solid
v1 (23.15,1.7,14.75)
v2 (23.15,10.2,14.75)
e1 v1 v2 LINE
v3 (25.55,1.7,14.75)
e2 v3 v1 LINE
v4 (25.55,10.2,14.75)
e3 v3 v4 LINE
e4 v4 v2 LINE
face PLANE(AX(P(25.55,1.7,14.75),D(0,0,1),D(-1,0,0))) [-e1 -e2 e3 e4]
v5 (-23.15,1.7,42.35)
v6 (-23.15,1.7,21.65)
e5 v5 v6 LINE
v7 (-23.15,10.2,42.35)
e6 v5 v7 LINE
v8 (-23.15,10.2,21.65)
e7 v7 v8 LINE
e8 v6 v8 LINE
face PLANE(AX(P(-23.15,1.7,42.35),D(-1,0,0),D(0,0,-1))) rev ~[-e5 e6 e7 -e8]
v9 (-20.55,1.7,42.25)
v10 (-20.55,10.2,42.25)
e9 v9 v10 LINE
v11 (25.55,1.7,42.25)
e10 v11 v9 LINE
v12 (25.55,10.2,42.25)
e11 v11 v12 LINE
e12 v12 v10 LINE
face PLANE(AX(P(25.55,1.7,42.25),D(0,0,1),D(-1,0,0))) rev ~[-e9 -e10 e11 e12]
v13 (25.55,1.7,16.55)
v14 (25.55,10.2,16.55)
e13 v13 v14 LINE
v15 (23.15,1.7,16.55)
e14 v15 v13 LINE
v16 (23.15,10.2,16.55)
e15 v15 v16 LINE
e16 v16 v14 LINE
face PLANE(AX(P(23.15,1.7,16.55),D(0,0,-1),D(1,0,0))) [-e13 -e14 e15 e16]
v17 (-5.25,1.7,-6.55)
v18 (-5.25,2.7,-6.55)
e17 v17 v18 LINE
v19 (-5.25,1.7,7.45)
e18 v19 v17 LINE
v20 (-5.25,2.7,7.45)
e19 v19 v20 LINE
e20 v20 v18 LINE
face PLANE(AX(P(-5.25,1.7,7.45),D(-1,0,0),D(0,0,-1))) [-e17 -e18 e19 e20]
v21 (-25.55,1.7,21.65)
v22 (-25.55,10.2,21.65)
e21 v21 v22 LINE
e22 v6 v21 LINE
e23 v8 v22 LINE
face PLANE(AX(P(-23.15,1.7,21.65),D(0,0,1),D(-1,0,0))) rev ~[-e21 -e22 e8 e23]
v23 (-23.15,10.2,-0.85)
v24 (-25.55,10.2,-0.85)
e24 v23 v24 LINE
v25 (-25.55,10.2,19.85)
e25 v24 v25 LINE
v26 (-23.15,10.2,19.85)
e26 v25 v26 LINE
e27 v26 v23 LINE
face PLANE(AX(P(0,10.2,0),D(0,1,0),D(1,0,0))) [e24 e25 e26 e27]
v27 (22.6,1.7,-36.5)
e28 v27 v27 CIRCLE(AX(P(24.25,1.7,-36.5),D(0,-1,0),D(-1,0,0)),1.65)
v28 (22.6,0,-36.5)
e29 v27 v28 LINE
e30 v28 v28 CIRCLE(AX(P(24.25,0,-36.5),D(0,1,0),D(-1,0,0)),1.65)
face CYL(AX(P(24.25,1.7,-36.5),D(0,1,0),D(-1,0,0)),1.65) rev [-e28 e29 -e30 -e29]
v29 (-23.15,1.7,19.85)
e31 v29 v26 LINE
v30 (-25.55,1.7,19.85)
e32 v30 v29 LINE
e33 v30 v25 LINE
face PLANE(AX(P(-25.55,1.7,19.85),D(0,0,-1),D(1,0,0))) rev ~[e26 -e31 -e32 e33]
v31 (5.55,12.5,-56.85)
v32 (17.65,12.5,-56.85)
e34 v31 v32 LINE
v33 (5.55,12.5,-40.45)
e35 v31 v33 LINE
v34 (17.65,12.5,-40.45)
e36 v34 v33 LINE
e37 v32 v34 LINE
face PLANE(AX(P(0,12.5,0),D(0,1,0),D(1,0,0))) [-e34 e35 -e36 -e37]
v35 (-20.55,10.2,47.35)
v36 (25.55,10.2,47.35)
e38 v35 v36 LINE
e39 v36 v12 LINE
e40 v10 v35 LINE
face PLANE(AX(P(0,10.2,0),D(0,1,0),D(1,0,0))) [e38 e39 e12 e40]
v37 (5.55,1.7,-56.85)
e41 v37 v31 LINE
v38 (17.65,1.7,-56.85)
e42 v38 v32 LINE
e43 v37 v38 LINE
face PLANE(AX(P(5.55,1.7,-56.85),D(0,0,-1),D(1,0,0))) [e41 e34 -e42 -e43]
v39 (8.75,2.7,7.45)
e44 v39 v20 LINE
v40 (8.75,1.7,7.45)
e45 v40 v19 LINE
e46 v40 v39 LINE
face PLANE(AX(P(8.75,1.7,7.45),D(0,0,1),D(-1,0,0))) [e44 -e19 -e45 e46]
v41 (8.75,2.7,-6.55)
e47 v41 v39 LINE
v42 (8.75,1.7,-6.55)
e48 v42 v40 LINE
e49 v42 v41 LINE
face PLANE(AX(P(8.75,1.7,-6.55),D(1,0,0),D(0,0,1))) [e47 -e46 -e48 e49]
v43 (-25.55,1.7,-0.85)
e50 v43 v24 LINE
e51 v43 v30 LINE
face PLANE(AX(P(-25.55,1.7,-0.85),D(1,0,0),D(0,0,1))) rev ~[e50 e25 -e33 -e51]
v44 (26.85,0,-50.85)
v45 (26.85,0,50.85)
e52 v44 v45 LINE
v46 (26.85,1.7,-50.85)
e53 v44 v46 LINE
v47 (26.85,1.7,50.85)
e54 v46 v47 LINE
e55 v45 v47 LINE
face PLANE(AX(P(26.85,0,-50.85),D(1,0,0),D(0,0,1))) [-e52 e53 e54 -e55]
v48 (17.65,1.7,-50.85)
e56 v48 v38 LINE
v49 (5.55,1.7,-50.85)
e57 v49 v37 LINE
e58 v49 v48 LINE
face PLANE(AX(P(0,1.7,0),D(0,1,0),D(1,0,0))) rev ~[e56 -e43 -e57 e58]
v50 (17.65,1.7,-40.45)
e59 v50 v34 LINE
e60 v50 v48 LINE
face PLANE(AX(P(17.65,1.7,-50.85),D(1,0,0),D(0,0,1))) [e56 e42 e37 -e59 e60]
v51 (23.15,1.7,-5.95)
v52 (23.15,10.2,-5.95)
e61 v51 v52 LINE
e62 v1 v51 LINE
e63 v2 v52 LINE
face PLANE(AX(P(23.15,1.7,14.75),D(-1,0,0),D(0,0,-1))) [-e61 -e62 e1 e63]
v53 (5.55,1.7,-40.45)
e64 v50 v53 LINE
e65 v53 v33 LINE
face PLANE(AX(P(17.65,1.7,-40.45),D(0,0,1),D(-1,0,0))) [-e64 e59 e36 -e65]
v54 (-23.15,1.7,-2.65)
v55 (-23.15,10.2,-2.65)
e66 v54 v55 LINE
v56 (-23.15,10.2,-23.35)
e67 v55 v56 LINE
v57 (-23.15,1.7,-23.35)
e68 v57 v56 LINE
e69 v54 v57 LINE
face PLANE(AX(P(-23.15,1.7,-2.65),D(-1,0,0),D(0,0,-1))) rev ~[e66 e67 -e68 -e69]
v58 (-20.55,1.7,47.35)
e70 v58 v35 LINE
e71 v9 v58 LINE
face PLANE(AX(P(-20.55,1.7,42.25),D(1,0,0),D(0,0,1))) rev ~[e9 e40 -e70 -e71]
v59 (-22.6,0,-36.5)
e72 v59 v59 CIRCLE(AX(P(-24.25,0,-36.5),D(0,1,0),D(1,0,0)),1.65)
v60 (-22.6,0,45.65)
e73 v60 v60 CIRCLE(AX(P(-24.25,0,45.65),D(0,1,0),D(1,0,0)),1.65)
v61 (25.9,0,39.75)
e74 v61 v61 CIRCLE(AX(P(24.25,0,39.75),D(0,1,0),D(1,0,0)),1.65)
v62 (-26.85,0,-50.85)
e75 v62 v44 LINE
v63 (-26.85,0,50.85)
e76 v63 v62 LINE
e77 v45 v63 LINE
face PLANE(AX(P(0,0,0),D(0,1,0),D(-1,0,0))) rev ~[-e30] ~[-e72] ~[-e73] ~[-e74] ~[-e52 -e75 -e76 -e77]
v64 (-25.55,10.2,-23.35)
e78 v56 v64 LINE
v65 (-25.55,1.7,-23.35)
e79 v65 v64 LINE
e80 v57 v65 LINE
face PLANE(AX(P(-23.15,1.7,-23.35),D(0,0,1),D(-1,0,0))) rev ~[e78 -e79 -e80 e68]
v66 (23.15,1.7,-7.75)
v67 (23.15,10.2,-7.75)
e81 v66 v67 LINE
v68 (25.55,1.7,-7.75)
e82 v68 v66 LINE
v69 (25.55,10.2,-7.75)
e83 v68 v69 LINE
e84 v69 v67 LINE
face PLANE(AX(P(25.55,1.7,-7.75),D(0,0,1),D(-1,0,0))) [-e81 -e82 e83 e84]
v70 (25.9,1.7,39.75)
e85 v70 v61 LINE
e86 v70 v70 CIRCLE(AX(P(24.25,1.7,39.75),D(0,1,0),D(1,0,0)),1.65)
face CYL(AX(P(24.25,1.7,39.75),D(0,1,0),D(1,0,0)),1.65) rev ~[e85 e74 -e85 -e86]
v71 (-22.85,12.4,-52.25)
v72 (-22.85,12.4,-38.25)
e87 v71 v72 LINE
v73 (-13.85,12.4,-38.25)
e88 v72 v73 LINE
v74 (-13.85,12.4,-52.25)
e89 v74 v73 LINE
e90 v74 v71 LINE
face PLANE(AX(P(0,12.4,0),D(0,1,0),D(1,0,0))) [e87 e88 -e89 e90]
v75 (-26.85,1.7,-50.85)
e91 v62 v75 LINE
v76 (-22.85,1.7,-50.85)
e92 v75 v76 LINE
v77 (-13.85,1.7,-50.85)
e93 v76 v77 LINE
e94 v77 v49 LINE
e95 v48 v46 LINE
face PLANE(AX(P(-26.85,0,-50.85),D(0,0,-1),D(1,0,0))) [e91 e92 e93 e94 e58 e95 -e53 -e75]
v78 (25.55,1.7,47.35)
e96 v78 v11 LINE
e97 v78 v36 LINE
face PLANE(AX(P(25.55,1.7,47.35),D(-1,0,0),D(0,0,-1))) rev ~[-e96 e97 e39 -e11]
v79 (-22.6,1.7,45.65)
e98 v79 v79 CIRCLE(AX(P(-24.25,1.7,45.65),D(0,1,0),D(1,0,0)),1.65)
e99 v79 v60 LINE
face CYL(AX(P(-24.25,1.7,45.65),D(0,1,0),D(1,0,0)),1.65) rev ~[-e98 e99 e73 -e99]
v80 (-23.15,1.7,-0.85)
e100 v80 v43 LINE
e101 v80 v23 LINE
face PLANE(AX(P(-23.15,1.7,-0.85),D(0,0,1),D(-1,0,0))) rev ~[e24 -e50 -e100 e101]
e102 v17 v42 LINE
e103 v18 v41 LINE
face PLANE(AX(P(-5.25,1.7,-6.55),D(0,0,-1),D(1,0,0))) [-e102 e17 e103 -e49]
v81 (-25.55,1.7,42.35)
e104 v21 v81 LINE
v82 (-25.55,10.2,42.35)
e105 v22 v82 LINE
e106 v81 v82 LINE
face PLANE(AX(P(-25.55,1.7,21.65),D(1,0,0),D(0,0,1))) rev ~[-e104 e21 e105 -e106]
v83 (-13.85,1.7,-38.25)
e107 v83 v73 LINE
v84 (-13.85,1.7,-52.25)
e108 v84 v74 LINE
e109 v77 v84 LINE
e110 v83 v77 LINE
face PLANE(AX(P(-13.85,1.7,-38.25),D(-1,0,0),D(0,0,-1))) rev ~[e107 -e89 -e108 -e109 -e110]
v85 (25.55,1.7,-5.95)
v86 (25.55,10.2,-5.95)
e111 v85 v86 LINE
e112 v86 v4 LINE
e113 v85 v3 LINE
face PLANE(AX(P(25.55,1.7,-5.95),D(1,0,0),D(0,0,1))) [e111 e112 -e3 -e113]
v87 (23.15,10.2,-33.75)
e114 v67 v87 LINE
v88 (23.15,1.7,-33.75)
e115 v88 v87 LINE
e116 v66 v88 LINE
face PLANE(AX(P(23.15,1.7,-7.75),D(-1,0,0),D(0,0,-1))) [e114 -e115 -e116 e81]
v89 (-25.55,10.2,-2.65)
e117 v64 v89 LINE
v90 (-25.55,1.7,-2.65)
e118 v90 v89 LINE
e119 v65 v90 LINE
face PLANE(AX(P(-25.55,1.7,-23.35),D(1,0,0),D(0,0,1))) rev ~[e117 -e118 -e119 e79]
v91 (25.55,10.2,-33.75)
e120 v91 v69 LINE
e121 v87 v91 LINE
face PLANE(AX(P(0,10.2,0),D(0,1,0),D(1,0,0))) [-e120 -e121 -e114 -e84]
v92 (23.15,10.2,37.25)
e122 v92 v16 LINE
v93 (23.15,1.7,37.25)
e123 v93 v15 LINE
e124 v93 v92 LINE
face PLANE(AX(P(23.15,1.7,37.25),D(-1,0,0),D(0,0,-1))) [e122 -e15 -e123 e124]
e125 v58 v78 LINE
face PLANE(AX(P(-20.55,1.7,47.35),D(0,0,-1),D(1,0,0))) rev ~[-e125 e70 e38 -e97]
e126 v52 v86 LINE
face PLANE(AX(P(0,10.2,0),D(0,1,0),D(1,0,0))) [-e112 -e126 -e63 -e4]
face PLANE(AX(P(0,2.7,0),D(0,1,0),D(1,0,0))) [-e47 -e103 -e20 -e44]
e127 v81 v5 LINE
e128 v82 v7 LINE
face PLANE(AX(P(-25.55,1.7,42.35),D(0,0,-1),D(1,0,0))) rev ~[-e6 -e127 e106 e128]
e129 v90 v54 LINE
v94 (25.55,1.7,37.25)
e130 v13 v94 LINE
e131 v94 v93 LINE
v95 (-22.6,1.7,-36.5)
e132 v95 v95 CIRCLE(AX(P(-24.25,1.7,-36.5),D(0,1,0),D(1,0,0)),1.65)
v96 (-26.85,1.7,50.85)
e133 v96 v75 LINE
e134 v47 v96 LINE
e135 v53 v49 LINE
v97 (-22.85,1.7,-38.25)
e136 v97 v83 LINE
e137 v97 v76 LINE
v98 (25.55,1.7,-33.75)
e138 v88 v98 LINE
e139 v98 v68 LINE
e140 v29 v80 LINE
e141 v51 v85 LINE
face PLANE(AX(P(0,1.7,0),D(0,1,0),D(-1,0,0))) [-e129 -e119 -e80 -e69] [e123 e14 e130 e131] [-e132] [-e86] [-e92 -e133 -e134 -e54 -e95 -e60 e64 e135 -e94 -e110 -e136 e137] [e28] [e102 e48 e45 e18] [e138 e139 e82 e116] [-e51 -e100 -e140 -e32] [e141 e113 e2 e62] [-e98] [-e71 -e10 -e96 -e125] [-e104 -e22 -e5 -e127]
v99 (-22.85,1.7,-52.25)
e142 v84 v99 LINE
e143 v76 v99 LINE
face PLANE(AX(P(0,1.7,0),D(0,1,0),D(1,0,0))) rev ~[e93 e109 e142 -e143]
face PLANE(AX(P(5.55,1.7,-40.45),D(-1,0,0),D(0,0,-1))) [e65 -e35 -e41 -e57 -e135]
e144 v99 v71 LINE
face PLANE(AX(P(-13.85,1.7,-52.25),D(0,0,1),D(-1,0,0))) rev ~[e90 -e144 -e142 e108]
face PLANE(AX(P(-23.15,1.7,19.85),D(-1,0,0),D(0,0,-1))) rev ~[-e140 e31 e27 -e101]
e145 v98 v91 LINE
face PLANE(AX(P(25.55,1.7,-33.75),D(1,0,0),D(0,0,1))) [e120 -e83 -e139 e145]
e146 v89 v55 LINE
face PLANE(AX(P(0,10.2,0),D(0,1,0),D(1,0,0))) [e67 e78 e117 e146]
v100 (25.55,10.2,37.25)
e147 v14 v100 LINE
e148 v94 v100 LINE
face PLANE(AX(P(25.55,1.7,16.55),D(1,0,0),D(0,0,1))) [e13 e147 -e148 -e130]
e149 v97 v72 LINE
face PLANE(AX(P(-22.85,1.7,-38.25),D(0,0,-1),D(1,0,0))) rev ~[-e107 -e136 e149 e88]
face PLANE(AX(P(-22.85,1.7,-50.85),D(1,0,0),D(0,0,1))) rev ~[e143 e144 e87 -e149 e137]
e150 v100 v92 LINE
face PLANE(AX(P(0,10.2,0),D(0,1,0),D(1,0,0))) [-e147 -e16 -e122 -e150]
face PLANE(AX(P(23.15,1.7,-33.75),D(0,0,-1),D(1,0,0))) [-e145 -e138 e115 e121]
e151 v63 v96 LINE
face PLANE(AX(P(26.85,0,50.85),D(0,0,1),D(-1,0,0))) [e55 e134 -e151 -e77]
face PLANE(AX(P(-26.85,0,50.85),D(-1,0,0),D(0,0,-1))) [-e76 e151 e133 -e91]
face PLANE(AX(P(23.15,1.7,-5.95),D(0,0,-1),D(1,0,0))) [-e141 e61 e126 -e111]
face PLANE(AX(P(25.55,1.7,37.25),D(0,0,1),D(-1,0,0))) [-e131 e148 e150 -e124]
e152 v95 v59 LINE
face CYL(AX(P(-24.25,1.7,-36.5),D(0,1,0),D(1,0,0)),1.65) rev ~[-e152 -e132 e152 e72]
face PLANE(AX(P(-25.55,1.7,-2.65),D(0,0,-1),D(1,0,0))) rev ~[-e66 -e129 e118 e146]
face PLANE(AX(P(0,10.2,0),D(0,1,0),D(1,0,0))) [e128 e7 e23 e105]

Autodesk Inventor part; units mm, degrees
ref_plane "YZ Plane" through (0, 0, 0) normal (1, 0, 0) x (0, 1, 0)
ref_plane "XZ Plane" through (0, 0, 0) normal (0, 1, 0) x (-1, 0, 0)
ref_plane "XY Plane" through (0, 0, 0) normal (0, 0, 1) x (1, 0, 0)
sketch "Sketch1" plane through (0, 0, 0) normal (0, 1, 0) x (-1, 0, 0)
  line L0 (-26.85, 50.85) -> (26.85, 50.85)
  line L1 (26.85, 50.85) -> (26.85, -50.85)
  line L2 (26.85, -50.85) -> (-26.85, -50.85)
  line L3 (-26.85, -50.85) -> (-26.85, 50.85)
  line L4 (-26.85, 50.85) -> (26.85, -50.85) construction
  line L5 (26.85, 50.85) -> (-26.85, -50.85) construction
  point P0 (0, 0)
  dimension "d0" = 53.7
  dimension "d1" = 101.7
extrude "Extrusion1" add sketch "Sketch1" along normal blind 1.7
sketch "Sketch2" plane through (0, 1.7, 0) normal (0, 1, 0) x (1, 0, 0)
  line L0 (26.85, 50.85) -> (-26.85, 50.85) projected
  line L1 (-26.85, 50.85) -> (-26.85, -50.85) projected
  line L2 (-22.85, 38.25) -> (-13.85, 38.25)
  line L3 (-13.85, 38.25) -> (-13.85, 52.25)
  line L4 (-13.85, 52.25) -> (-22.85, 52.25)
  line L5 (-22.85, 52.25) -> (-22.85, 38.25)
  point P0 (0, 0)
  dimension "d6" = 9
  dimension "d7" = 14
extrude "Extrusion2" add sketch "Sketch2" along normal blind 10.7
sketch "Sketch3" plane through (0, 1.7, 0) normal (0, 1, 0) x (1, 0, 0)
  line L0 (26.85, 50.85) -> (-26.85, 50.85) projected
  line L1 (17.65, 40.45) -> (5.55, 40.45)
  line L2 (5.55, 40.45) -> (5.55, 56.85)
  line L3 (5.55, 56.85) -> (17.65, 56.85)
  line L4 (17.65, 56.85) -> (17.65, 40.45)
  point P0 (0, 0)
  dimension "d12" = 12.1
  dimension "d13" = 16.4
extrude "Extrusion3" add sketch "Sketch3" along normal blind 10.8
sketch "Sketch4" plane through (0, 1.7, 0) normal (0, 1, 0) x (1, 0, 0)
  line L0 (-26.85, -50.85) -> (26.85, -50.85) projected
  line L1 (-26.85, 50.85) -> (-26.85, -50.85) projected
  line L2 (-20.55, -47.35) -> (25.55, -47.35)
  line L3 (25.55, -47.35) -> (25.55, -42.25)
  line L4 (25.55, -42.25) -> (-20.55, -42.25)
  line L5 (-20.55, -42.25) -> (-20.55, -47.35)
  point P0 (0, 0)
  dimension "d18" = 46.1
  dimension "d19" = 5.1
extrude "Extrusion4" add sketch "Sketch4" along normal blind 8.5
sketch "Sketch5" plane through (0, 1.7, 0) normal (0, 1, 0) x (1, 0, 0)
  line L0 (-26.85, -50.85) -> (26.85, -50.85) projected
  line L1 (-25.55, -42.35) -> (-23.15, -42.35)
  line L2 (-23.15, -42.35) -> (-23.15, -21.65)
  line L3 (-23.15, -21.65) -> (-25.55, -21.65)
  line L4 (-25.55, -21.65) -> (-25.55, -42.35)
  line L5 (-25.55, -19.85) -> (-23.15, -19.85)
  line L6 (-23.15, -19.85) -> (-23.15, 0.85)
  line L7 (-23.15, 0.85) -> (-25.55, 0.85)
  line L8 (-25.55, 0.85) -> (-25.55, -19.85)
  line L9 (-25.55, 2.65) -> (-23.15, 2.65)
  line L10 (-23.15, 2.65) -> (-23.15, 23.35)
  line L11 (-23.15, 23.35) -> (-25.55, 23.35)
  line L12 (-25.55, 23.35) -> (-25.55, 2.65)
  line L13 (25.55, -37.25) -> (23.15, -37.25)
  line L14 (23.15, -37.25) -> (23.15, -16.55)
  line L15 (23.15, -16.55) -> (25.55, -16.55)
  line L16 (25.55, -16.55) -> (25.55, -37.25)
  line L17 (25.55, -14.75) -> (23.15, -14.75)
  line L18 (23.15, -14.75) -> (23.15, 5.95)
  line L19 (23.15, 5.95) -> (25.55, 5.95)
  line L20 (25.55, 5.95) -> (25.55, -14.75)
  line L21 (25.55, 7.75) -> (23.15, 7.75)
  line L22 (23.15, 7.75) -> (23.15, 33.75)
  line L23 (23.15, 33.75) -> (25.55, 33.75)
  line L24 (25.55, 33.75) -> (25.55, 7.75)
  point P0 (0, 0)
  dimension "d24" = 2.4
  dimension "d25" = 20.7
  dimension "d26" = 1.8
  dimension "d27" = 20.7
  dimension "d28" = 1.8
  dimension "d29" = 20.7
  dimension "d32" = 2.4
  dimension "d33" = 20.7
  dimension "d34" = 1.8
  dimension "d35" = 20.7
  dimension "d36" = 1.8
  dimension "d37" = 26
extrude "Extrusion5" add sketch "Sketch5" along normal blind 8.5
sketch "Sketch6" plane through (0, 1.7, 0) normal (0, 1, 0) x (1, 0, 0)
  line L0 (-22.85, 50.85) -> (-26.85, 50.85) projected
  line L1 (-26.85, 50.85) -> (-26.85, -50.85) projected
  line L2 (-5.25, 6.55) -> (8.75, 6.55)
  line L3 (8.75, 6.55) -> (8.75, -7.45)
  line L4 (8.75, -7.45) -> (-5.25, -7.45)
  line L5 (-5.25, -7.45) -> (-5.25, 6.55)
  point P0 (0, 0)
  dimension "d42" = 14
  dimension "d43" = 14
extrude "Extrusion6" add sketch "Sketch6" along normal blind 1
sketch "Sketch7" plane through (0, 1.7, 0) normal (0, 1, 0) x (1, 0, 0)
  circle A0 centre (-24.25, 36.5) radius 1.65
  point P0 (0, 0)
  point P1 (-26.85, 50.85)
  dimension "d48" = 3.3
  dimension "d64" = 14.35
extrude "Extrusion7" cut sketch "Sketch7" against normal blind 2
mirror "Mirror1" about plane through (0, 0, 0) normal (1, 0, 0) of "Extrusion7"
sketch "Sketch8" plane through (0, 1.7, 0) normal (0, 1, 0) x (1, 0, 0)
  line L0 (-26.85, -50.85) -> (26.85, -50.85) projected
  line L1 (-26.85, 50.85) -> (-26.85, -50.85) projected
  circle A0 centre (-24.25, -45.65) radius 1.65
  point P0 (0, 0)
  dimension "d53" = 3.3
  dimension "d63" = 96.5
extrude "Extrusion8" cut sketch "Sketch8" against normal blind 2
sketch "Sketch9" plane through (0, 1.7, 0) normal (0, 1, 0) x (1, 0, 0)
  line L0 (23.15, 5.95) -> (23.15, -14.75) projected
  circle A0 centre (24.25, -39.75) radius 1.65
  line L1 (23.15, -37.25) -> (25.55, -37.25) projected
  point P0 (0, 0)
  point P1 (26.85, 50.85)
  dimension "d59" = 3.3
  dimension "d60" = 2.5
extrude "Extrusion9" cut sketch "Sketch9" against normal blind 2
properties part number "ArduinoMega"
